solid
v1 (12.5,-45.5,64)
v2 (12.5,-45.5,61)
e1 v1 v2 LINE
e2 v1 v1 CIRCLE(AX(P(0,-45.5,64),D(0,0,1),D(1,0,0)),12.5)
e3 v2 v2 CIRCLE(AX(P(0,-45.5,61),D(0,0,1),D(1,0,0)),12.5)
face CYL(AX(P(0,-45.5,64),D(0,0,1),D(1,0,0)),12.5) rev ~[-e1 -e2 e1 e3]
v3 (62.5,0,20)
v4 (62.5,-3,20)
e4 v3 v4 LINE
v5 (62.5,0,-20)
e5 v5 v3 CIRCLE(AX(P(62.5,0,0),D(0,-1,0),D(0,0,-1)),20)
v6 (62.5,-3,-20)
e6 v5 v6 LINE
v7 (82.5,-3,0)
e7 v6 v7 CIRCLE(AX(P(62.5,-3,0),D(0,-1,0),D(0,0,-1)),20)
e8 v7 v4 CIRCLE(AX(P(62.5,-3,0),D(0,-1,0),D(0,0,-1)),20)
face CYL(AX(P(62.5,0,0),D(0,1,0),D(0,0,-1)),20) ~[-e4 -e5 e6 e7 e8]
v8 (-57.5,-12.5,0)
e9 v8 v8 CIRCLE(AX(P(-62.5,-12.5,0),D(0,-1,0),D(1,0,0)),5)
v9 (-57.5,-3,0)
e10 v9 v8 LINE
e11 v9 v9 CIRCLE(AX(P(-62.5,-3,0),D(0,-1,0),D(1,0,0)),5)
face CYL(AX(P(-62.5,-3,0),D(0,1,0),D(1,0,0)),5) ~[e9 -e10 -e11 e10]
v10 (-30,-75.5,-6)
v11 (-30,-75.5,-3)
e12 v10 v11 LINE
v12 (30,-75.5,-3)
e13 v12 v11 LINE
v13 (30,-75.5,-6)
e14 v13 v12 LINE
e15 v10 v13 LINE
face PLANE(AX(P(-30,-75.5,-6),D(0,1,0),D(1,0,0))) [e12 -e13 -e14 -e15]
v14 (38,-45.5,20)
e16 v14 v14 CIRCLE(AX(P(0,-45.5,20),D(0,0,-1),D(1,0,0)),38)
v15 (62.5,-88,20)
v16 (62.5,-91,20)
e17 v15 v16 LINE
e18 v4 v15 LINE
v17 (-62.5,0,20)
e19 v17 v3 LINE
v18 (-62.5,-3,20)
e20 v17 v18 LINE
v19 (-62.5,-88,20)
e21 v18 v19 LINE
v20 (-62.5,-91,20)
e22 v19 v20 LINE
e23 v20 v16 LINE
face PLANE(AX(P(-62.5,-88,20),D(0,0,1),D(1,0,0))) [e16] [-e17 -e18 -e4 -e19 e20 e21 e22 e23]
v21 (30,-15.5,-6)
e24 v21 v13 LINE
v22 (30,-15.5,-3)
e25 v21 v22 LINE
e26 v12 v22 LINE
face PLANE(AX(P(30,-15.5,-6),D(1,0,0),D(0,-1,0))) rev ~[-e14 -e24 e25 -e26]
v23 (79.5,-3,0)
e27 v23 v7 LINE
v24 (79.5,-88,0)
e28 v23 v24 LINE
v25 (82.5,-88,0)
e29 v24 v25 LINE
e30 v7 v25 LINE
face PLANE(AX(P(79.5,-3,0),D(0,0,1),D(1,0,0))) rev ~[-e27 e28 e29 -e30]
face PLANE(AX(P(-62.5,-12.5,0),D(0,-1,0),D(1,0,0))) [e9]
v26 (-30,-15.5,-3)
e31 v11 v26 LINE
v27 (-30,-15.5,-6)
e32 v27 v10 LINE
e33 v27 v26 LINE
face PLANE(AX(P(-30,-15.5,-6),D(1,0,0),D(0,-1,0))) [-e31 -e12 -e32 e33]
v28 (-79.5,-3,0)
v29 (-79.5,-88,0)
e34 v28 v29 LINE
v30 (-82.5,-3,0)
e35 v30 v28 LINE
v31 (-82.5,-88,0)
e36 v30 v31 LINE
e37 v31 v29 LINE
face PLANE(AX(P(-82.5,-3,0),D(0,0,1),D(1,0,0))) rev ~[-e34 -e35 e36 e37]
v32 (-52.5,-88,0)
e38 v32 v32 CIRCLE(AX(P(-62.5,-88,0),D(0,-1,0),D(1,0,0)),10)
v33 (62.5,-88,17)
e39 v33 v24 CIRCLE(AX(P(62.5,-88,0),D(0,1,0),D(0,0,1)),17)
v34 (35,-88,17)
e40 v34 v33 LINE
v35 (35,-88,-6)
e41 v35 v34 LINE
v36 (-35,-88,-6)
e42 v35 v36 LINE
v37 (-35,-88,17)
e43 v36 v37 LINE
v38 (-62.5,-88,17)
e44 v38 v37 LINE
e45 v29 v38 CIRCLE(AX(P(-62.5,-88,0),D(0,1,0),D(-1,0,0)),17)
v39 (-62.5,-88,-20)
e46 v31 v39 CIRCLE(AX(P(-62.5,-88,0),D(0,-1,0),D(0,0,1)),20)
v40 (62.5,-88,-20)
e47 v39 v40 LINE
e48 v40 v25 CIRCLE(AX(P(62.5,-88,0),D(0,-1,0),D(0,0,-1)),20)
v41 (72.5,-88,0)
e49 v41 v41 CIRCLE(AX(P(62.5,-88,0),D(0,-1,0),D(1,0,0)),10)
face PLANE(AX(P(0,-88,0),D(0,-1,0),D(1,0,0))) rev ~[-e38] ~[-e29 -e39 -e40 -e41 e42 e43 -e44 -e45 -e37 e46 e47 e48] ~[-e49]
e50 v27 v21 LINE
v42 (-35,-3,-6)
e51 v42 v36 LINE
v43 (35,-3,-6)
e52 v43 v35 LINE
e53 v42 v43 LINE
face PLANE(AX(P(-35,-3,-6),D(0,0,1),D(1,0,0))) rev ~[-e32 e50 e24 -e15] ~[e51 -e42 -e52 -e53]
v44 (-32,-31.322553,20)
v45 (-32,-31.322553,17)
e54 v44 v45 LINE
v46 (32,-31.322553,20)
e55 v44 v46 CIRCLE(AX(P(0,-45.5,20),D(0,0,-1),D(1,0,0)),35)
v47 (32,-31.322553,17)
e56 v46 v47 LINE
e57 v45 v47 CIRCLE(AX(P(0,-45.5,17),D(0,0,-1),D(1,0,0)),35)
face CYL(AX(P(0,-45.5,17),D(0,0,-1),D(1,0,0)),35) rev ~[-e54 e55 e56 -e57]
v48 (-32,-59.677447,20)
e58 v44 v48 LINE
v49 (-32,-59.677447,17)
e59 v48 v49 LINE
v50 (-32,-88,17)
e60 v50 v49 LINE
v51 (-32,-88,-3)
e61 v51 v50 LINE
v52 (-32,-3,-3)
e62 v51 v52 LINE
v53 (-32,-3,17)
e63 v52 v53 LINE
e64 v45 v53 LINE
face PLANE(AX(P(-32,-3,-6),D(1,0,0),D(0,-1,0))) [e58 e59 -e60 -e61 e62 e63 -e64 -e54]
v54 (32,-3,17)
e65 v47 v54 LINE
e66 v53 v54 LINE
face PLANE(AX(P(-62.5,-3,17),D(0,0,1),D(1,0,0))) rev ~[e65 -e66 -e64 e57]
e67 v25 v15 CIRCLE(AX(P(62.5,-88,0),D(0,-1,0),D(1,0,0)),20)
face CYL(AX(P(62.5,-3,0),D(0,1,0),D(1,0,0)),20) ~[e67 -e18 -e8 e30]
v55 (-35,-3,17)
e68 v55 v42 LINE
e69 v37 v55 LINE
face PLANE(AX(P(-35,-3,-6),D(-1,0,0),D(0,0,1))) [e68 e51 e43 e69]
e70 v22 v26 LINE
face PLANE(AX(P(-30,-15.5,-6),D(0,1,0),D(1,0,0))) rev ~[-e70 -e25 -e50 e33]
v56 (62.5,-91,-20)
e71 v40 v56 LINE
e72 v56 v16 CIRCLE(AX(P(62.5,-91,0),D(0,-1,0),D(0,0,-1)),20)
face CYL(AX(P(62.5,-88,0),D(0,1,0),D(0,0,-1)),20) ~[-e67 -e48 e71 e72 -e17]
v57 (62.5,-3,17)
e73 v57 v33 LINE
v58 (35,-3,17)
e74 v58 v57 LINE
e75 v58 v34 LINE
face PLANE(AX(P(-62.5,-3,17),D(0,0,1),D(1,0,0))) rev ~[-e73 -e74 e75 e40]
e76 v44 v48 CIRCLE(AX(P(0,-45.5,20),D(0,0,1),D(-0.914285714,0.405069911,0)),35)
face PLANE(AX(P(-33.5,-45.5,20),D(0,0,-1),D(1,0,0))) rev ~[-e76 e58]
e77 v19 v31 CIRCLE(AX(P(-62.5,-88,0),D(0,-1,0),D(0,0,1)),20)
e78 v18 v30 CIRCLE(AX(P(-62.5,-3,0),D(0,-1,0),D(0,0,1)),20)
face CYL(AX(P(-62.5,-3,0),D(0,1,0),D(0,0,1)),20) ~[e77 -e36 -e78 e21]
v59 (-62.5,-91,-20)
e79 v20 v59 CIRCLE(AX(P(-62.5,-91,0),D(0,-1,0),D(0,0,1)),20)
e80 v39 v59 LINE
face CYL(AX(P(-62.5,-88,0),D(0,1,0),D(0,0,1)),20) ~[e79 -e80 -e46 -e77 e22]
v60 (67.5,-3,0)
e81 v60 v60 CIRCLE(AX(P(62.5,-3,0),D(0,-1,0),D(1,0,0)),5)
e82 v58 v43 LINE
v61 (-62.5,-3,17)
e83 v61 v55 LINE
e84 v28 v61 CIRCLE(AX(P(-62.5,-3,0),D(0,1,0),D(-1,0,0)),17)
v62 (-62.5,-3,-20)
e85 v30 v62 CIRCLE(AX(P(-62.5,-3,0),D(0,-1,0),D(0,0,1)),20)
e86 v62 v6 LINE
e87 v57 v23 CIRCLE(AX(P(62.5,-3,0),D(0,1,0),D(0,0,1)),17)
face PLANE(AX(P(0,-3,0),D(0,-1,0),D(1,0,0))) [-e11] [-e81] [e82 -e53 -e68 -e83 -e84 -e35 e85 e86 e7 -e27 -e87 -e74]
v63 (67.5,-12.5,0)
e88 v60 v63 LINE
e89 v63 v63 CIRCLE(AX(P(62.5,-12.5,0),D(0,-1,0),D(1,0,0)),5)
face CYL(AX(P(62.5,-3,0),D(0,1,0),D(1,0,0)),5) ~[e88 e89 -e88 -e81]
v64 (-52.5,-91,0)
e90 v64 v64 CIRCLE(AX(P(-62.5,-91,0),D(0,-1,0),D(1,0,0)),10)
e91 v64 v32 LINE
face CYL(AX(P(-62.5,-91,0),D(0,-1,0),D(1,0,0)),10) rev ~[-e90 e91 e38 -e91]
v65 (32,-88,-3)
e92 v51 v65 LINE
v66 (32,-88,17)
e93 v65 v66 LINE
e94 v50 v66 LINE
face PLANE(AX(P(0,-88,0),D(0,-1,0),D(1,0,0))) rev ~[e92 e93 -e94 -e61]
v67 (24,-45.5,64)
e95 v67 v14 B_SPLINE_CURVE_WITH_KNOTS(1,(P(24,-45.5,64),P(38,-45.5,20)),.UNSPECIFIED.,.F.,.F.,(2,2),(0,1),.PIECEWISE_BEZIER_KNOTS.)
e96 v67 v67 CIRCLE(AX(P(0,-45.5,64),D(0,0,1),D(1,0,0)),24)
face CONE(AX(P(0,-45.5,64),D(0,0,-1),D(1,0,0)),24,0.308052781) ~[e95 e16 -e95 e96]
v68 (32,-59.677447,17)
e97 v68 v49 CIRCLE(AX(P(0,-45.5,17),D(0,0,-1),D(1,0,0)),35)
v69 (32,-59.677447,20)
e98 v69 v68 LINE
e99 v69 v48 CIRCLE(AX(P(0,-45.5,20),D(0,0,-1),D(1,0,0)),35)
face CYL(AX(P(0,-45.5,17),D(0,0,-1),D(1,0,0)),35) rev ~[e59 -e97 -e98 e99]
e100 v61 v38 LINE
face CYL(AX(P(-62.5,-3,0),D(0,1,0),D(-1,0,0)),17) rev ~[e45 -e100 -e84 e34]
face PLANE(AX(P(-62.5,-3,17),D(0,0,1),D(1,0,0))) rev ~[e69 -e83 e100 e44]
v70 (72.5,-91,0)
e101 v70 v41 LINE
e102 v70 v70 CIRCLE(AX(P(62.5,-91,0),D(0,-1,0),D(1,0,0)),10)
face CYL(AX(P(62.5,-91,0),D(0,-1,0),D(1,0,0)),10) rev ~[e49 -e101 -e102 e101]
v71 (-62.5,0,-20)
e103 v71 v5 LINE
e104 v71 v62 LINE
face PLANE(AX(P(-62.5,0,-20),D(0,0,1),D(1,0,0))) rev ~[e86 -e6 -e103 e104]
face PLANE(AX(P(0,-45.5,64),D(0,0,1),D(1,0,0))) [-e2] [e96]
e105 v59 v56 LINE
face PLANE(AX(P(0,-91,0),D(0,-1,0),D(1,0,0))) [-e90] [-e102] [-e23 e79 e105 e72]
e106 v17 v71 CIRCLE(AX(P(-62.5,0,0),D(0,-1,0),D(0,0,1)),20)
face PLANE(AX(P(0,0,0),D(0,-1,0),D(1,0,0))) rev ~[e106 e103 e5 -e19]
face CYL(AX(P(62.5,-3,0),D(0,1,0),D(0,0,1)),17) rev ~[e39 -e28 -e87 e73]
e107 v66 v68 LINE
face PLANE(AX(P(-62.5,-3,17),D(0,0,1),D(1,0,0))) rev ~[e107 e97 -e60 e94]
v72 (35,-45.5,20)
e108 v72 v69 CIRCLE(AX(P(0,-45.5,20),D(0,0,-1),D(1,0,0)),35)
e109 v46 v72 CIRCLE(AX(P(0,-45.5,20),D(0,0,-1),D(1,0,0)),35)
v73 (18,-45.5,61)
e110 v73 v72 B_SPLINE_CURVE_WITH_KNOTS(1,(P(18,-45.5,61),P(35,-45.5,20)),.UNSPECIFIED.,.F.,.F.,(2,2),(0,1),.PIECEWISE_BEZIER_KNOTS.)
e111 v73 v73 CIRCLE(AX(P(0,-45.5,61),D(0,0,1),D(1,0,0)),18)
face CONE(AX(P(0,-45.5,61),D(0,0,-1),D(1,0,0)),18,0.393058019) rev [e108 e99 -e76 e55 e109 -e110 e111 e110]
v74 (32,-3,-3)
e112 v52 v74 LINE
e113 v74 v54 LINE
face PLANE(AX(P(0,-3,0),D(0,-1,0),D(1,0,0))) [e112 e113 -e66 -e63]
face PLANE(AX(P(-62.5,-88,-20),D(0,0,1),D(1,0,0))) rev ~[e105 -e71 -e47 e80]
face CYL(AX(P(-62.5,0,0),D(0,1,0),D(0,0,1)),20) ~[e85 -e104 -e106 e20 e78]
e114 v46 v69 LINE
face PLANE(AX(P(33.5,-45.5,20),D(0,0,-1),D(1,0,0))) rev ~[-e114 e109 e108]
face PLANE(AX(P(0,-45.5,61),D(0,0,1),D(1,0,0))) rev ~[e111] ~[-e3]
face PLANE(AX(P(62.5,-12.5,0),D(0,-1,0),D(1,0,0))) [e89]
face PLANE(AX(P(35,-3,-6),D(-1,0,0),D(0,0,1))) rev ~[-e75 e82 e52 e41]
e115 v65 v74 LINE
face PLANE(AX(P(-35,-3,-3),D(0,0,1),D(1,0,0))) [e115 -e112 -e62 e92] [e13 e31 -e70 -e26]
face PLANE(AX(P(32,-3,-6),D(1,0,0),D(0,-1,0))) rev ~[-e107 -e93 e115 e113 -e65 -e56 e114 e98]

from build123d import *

# Parameters (mm, degrees)
F0_W      = 125
F0_H      = 40
F1_DEPTH  = 3
F2_W      = 125
F2_H      = 3
F3_DEPTH  = 85
F4_W      = 125
F4_H      = 40
F5_DEPTH  = 3
F6_R      = 35
F7_DEPTH  = 25
F10_R     = 24
F8_R      = 38
F12_R     = 12.5
F13_DEPTH = 70.6
F16_R     = 18
F14_R     = 35
F18_W     = 70
F18_H     = 3
F19_DEPTH = 85
F20_W     = 60
F20_H     = 60
F21_DEPTH = 15.5
F22_W     = 3
F22_H     = 85
F23_DEPTH = 26
F24_R     = 5
F25_DEPTH = 9.5
F26_R     = 10
F27_DEPTH = 25


with BuildPart() as f1:
    # F0 (on Front) → F1 (new body)
    with BuildSketch(Plane.XZ):
        Rectangle(F0_W, F0_H)
        with BuildLine():
            ThreePointArc((62.5, -20), (82.5, 0), (62.5, 20))
            Line((62.5, 20), (62.5, -20))
        make_face()
        with BuildLine():
            Line((-62.5, -20), (-62.5, 20))
            ThreePointArc((-62.5, 20), (-82.5, 0), (-62.5, -20))
        make_face()
    extrude(amount=F1_DEPTH)

    # F2 (on face) → F3 (join)
    with BuildSketch(Plane.XZ.offset(3)):
        with Locations((0, 18.5)):
            Rectangle(F2_W, F2_H)
        with BuildLine():
            Line((-62.5, 17), (-62.5, 20))
            ThreePointArc((-62.5, 20), (-76.6421356237, 14.1421356237), (-82.5, 0))
            Line((-82.5, 0), (-79.5, 0))
            ThreePointArc((-79.5, 0), (-74.5208152802, 12.0208152802), (-62.5, 17))
        make_face()
        with BuildLine():
            ThreePointArc((82.5, 0), (76.6421356237, 14.1421356237), (62.5, 20))
            Line((62.5, 20), (62.5, 17))
            ThreePointArc((62.5, 17), (74.5208152802, 12.0208152802), (79.5, 0))
            Line((79.5, 0), (82.5, 0))
        make_face()
    extrude(amount=F3_DEPTH)

    # F4 (on face) → F5 (join)
    with BuildSketch(Plane.XZ.offset(88)):
        Rectangle(F4_W, F4_H)
        with BuildLine():
            Line((-62.5, -20), (-62.5, 20))
            ThreePointArc((-62.5, 20), (-82.5, 0), (-62.5, -20))
        make_face()
        with BuildLine():
            ThreePointArc((62.5, -20), (82.5, 0), (62.5, 20))
            Line((62.5, 20), (62.5, -20))
        make_face()
    extrude(amount=F5_DEPTH)

    # F6 (on face) → F7 (cut)
    with BuildSketch(Plane(origin=(0, 0, 17), x_dir=(1, 0, 0), z_dir=(0, 0, -1))):
        with Locations((0, 45.5)):
            Circle(F6_R)
    extrude(amount=-F7_DEPTH, mode=Mode.SUBTRACT)

    # F10 (on offset) → F11 section 0
    with BuildSketch(Plane.XY.offset(64)):
        with Locations((0, -45.5)):
            Circle(F10_R)
    # F8 (on face) → F11 section 1
    with BuildSketch(Plane.XY.offset(20)):
        with Locations((0, -45.5)):
            Circle(F8_R)
    loft()

    # F12 (on face) → F13 (cut)
    with BuildSketch(Plane.XY.offset(64)):
        with Locations((0, -45.5)):
            Circle(F12_R)
    extrude(amount=-F13_DEPTH, mode=Mode.SUBTRACT)

    # F16 (on offset) → F17 section 0
    with BuildSketch(Plane.XY.offset(61)):
        with Locations((0, -45.5)):
            Circle(F16_R)
    # F14 (on face) → F17 section 1
    with BuildSketch(Plane.XY.offset(20)):
        with Locations((0, -45.5)):
            Circle(F14_R)
    loft(mode=Mode.SUBTRACT)

    # F18 (on face) → F19 (join)
    with BuildSketch(Plane.XZ.offset(3)):
        with Locations((0, -4.5)):
            Rectangle(F18_W, F18_H)
    extrude(amount=F19_DEPTH)

    # F20 (on face) → F21 (cut)
    with BuildSketch(Plane(origin=(0, 0, -6), x_dir=(1, 0, 0), z_dir=(0, 0, -1))):
        with Locations((0, 45.5)):
            Rectangle(F20_W, F20_H)
    extrude(amount=-F21_DEPTH, mode=Mode.SUBTRACT)

    # F22 (on face) → F23 (join)
    with BuildSketch(Plane(origin=(0, 0, -6), x_dir=(1, 0, 0), z_dir=(0, 0, -1))):
        with Locations((-33.5, 45.5)):
            Rectangle(F22_W, F22_H)
        with Locations((33.5, 45.5)):
            Rectangle(F22_W, F22_H)
    extrude(amount=-F23_DEPTH)

    # F24 (on face) → F25 (join)
    with BuildSketch(Plane.XZ.offset(3)):
        with Locations((-62.5, 0)):
            Circle(F24_R)
        with Locations((62.5, 0)):
            Circle(F24_R)
    extrude(amount=F25_DEPTH)

    # F26 (on face) → F27 (cut)
    with BuildSketch(Plane.XZ.offset(91)):
        with Locations((-62.5, 0)):
            Circle(F26_R)
        with Locations((62.5, 0)):
            Circle(F26_R)
    extrude(amount=-F27_DEPTH, mode=Mode.SUBTRACT)


solid = f1.part
